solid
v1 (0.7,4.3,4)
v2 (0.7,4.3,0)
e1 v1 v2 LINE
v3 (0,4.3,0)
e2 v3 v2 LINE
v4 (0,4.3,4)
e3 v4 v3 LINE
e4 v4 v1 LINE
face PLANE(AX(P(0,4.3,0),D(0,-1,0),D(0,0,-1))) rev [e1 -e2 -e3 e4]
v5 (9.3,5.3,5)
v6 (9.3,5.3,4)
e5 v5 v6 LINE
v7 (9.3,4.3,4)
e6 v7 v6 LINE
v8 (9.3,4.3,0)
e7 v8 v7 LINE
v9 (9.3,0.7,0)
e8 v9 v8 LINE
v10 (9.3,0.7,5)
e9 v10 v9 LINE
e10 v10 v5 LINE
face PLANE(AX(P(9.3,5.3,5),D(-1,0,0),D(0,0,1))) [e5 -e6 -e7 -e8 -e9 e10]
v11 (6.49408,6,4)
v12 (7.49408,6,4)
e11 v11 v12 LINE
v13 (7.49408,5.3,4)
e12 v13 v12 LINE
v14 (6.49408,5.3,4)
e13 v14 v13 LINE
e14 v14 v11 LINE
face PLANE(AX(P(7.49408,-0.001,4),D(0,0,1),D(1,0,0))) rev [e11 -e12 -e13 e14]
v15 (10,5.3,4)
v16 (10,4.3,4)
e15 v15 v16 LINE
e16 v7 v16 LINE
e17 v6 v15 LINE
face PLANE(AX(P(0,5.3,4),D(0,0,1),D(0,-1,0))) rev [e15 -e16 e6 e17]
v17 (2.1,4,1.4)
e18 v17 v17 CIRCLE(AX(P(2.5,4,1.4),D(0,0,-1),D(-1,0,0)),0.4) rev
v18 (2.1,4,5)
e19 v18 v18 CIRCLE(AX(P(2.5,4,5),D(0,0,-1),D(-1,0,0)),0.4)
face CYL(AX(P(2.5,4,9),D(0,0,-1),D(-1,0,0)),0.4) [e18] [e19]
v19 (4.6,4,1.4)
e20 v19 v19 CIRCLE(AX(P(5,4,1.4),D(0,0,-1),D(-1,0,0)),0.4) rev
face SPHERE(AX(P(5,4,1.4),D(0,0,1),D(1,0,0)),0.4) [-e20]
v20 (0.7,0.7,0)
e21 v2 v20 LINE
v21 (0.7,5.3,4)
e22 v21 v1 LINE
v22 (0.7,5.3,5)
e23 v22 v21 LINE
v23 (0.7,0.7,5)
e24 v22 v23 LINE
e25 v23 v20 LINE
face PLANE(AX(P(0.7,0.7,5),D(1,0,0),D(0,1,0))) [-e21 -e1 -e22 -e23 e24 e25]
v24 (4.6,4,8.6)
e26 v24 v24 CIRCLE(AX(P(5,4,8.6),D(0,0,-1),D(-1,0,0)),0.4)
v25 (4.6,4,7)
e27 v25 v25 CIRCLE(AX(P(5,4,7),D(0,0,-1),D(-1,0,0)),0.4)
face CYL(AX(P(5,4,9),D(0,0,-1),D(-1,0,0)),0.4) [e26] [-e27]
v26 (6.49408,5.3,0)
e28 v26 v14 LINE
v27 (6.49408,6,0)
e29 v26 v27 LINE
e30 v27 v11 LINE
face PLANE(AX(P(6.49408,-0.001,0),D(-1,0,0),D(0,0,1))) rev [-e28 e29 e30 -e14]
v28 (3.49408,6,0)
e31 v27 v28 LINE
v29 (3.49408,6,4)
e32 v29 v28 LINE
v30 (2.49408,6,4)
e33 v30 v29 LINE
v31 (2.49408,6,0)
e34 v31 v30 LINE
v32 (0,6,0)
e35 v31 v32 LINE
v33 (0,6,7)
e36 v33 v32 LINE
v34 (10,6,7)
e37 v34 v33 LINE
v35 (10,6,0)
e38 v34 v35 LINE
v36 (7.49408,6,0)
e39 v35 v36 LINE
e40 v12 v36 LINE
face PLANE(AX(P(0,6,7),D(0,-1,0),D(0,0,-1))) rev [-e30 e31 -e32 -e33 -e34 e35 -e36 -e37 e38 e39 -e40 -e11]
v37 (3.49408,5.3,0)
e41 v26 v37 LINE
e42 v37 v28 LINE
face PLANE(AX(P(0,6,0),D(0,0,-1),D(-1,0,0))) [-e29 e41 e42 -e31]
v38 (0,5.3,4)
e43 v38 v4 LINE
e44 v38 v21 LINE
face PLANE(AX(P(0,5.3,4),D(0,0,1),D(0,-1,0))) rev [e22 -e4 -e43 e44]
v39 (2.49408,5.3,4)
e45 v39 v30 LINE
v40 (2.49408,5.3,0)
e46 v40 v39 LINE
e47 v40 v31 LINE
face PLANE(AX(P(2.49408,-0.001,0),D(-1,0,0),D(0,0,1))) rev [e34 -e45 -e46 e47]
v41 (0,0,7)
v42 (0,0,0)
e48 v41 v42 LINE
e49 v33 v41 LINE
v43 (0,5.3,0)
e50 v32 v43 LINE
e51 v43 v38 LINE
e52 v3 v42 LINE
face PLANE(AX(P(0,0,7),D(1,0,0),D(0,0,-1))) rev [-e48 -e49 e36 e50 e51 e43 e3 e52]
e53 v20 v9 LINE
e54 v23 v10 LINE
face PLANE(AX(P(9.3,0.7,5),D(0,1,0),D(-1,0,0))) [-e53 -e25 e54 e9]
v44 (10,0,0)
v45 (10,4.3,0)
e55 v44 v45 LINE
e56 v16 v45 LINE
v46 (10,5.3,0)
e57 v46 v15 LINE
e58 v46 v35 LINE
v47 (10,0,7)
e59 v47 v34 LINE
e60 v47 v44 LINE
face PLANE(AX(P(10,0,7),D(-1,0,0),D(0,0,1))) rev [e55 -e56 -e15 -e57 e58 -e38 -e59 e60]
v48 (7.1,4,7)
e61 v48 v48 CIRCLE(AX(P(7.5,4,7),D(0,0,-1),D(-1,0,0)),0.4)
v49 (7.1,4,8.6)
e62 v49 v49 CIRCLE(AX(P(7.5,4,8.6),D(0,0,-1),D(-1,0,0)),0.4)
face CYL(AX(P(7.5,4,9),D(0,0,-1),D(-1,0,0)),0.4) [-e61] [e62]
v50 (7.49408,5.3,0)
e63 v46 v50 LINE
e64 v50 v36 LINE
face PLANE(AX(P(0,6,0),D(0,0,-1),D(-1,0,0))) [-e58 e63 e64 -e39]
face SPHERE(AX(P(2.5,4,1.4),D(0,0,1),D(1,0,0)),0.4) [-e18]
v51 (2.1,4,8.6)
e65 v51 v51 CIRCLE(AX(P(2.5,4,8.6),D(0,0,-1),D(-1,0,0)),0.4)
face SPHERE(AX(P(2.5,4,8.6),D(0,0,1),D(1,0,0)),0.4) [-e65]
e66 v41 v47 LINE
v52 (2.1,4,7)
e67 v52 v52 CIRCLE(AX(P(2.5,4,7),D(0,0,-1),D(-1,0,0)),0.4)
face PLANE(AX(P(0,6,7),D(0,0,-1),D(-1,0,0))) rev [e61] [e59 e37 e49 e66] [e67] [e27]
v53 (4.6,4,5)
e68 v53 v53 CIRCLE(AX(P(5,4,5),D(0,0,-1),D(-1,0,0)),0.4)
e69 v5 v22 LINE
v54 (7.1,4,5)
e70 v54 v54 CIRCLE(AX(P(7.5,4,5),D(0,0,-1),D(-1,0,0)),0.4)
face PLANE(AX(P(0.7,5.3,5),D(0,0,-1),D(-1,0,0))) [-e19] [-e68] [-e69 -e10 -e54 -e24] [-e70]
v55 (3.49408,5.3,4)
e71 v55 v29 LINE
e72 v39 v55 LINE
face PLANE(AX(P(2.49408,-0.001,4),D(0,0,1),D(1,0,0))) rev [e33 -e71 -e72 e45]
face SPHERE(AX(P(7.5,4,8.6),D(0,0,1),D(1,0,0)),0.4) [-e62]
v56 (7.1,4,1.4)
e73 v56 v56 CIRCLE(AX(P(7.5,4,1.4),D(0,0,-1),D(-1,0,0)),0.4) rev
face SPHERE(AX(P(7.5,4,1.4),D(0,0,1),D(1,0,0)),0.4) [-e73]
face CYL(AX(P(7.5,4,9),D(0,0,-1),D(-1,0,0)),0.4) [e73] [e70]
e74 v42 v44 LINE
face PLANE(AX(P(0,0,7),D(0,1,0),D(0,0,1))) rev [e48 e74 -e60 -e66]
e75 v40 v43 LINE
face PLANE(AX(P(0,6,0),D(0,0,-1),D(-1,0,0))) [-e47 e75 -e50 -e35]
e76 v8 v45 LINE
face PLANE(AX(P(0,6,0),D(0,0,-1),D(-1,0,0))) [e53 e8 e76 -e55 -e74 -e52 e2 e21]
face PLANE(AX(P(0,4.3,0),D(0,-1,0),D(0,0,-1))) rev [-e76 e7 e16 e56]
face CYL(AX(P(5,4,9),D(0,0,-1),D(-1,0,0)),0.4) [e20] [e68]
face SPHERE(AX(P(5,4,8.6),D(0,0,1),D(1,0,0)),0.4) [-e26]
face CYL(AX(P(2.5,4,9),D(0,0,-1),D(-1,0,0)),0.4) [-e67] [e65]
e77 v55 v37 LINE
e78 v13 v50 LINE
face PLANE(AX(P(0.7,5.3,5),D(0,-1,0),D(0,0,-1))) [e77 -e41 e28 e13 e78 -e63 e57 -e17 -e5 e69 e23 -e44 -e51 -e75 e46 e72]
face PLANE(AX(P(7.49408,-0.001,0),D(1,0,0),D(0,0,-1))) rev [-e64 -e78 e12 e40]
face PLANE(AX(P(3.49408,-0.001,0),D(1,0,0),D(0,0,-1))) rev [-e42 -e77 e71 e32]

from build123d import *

# Parameters (mm, degrees)
SKETCH_1_W           = 10
SKETCH_1_H           = 6
EXTRUDE_1_DEPTH      = 7
SKETCH_2_W           = 8.6
SKETCH_2_H           = 4.6
CUT_EXTRUDE_1_DEPTH  = 5
CUT_EXTRUDE_2_REACH  = 15.601
SKETCH_3_W           = 1
SKETCH_3_H           = 4
SKETCH_4_W           = 4
SKETCH_4_H           = 1
CUT_EXTRUDE_3_DEPTH  = 14.601470509
EXTRUDE_2_DEPTH      = 4
EXTRUDE_2_DEPTH_BACK = 4
SKETCH_5_R           = 0.4
FILLET_1_R           = 0.4


with BuildPart() as part:
    # 草图1 → 凸台-拉伸1 (new body)
    with BuildSketch(Plane.XY):
        with Locations((5, 3)):
            Rectangle(SKETCH_1_W, SKETCH_1_H)
    extrude(amount=EXTRUDE_1_DEPTH)

    # 草图2 → 切除-拉伸1 (cut)
    with BuildSketch(Plane.XY):
        with Locations((5, 3)):
            Rectangle(SKETCH_2_W, SKETCH_2_H)
    extrude(amount=CUT_EXTRUDE_1_DEPTH, mode=Mode.SUBTRACT)

    # 草图3 → 切除-拉伸2 (cut, up to next)
    with BuildSketch(Plane(origin=(0, 6, 0), x_dir=(1, 0, 0), z_dir=(0, 1, 0)), mode=Mode.PRIVATE) as cut_extrude_2_sk1:
        with Locations((6.99408033, -2)):
            Rectangle(SKETCH_3_W, SKETCH_3_H)
    cut_extrude_2_tool1 = extrude(cut_extrude_2_sk1.sketch, amount=-CUT_EXTRUDE_2_REACH, mode=Mode.PRIVATE) & part.part
    # 草图3 → 切除-拉伸2 (cut, up to next)
    with BuildSketch(Plane(origin=(0, 6, 0), x_dir=(1, 0, 0), z_dir=(0, 1, 0)), mode=Mode.PRIVATE) as cut_extrude_2_sk2:
        with Locations((2.99408033, -2)):
            Rectangle(SKETCH_3_W, SKETCH_3_H)
    cut_extrude_2_tool2 = extrude(cut_extrude_2_sk2.sketch, amount=-CUT_EXTRUDE_2_REACH, mode=Mode.PRIVATE) & part.part
    add(cut_extrude_2_tool1.solids().sort_by_distance((6.99408, 6, 2))[0], mode=Mode.SUBTRACT)
    add(cut_extrude_2_tool2.solids().sort_by_distance((2.99408, 6, 2))[0], mode=Mode.SUBTRACT)

    # 草图4 → 切除-拉伸3 (cut, through all)
    with BuildSketch(Plane(origin=(10, 0, 0), x_dir=(0, 0, -1), z_dir=(1, 0, 0))):
        with Locations((-2, 4.8)):
            Rectangle(SKETCH_4_W, SKETCH_4_H)
    extrude(amount=-CUT_EXTRUDE_3_DEPTH, mode=Mode.SUBTRACT)

    # 草图5 → 凸台-拉伸2 (add, two sides: drawn at the far end of the back side and taken through both)
    with BuildSketch(Plane(origin=(0, 0, 5), x_dir=(-1, 0, 0), z_dir=(0, 0, -1)).offset(-EXTRUDE_2_DEPTH_BACK)):
        with Locations((-5, 4)):
            Circle(SKETCH_5_R)
        with Locations((-7.5, 4)):
            Circle(SKETCH_5_R)
        with Locations((-2.5, 4)):
            Circle(SKETCH_5_R)
    extrude(amount=EXTRUDE_2_DEPTH + EXTRUDE_2_DEPTH_BACK)

    # 圆角1
    fillet_1_edges = [part.edges().sort_by_distance(p)[0] for p in [
        (2.9, 4, 9),
        (2.9, 4, 1),
        (5.4, 4, 9),
        (5.4, 4, 1),
        (7.9, 4, 9),
        (7.9, 4, 1),
    ]]
    fillet(fillet_1_edges, radius=FILLET_1_R)


solid = part.part
